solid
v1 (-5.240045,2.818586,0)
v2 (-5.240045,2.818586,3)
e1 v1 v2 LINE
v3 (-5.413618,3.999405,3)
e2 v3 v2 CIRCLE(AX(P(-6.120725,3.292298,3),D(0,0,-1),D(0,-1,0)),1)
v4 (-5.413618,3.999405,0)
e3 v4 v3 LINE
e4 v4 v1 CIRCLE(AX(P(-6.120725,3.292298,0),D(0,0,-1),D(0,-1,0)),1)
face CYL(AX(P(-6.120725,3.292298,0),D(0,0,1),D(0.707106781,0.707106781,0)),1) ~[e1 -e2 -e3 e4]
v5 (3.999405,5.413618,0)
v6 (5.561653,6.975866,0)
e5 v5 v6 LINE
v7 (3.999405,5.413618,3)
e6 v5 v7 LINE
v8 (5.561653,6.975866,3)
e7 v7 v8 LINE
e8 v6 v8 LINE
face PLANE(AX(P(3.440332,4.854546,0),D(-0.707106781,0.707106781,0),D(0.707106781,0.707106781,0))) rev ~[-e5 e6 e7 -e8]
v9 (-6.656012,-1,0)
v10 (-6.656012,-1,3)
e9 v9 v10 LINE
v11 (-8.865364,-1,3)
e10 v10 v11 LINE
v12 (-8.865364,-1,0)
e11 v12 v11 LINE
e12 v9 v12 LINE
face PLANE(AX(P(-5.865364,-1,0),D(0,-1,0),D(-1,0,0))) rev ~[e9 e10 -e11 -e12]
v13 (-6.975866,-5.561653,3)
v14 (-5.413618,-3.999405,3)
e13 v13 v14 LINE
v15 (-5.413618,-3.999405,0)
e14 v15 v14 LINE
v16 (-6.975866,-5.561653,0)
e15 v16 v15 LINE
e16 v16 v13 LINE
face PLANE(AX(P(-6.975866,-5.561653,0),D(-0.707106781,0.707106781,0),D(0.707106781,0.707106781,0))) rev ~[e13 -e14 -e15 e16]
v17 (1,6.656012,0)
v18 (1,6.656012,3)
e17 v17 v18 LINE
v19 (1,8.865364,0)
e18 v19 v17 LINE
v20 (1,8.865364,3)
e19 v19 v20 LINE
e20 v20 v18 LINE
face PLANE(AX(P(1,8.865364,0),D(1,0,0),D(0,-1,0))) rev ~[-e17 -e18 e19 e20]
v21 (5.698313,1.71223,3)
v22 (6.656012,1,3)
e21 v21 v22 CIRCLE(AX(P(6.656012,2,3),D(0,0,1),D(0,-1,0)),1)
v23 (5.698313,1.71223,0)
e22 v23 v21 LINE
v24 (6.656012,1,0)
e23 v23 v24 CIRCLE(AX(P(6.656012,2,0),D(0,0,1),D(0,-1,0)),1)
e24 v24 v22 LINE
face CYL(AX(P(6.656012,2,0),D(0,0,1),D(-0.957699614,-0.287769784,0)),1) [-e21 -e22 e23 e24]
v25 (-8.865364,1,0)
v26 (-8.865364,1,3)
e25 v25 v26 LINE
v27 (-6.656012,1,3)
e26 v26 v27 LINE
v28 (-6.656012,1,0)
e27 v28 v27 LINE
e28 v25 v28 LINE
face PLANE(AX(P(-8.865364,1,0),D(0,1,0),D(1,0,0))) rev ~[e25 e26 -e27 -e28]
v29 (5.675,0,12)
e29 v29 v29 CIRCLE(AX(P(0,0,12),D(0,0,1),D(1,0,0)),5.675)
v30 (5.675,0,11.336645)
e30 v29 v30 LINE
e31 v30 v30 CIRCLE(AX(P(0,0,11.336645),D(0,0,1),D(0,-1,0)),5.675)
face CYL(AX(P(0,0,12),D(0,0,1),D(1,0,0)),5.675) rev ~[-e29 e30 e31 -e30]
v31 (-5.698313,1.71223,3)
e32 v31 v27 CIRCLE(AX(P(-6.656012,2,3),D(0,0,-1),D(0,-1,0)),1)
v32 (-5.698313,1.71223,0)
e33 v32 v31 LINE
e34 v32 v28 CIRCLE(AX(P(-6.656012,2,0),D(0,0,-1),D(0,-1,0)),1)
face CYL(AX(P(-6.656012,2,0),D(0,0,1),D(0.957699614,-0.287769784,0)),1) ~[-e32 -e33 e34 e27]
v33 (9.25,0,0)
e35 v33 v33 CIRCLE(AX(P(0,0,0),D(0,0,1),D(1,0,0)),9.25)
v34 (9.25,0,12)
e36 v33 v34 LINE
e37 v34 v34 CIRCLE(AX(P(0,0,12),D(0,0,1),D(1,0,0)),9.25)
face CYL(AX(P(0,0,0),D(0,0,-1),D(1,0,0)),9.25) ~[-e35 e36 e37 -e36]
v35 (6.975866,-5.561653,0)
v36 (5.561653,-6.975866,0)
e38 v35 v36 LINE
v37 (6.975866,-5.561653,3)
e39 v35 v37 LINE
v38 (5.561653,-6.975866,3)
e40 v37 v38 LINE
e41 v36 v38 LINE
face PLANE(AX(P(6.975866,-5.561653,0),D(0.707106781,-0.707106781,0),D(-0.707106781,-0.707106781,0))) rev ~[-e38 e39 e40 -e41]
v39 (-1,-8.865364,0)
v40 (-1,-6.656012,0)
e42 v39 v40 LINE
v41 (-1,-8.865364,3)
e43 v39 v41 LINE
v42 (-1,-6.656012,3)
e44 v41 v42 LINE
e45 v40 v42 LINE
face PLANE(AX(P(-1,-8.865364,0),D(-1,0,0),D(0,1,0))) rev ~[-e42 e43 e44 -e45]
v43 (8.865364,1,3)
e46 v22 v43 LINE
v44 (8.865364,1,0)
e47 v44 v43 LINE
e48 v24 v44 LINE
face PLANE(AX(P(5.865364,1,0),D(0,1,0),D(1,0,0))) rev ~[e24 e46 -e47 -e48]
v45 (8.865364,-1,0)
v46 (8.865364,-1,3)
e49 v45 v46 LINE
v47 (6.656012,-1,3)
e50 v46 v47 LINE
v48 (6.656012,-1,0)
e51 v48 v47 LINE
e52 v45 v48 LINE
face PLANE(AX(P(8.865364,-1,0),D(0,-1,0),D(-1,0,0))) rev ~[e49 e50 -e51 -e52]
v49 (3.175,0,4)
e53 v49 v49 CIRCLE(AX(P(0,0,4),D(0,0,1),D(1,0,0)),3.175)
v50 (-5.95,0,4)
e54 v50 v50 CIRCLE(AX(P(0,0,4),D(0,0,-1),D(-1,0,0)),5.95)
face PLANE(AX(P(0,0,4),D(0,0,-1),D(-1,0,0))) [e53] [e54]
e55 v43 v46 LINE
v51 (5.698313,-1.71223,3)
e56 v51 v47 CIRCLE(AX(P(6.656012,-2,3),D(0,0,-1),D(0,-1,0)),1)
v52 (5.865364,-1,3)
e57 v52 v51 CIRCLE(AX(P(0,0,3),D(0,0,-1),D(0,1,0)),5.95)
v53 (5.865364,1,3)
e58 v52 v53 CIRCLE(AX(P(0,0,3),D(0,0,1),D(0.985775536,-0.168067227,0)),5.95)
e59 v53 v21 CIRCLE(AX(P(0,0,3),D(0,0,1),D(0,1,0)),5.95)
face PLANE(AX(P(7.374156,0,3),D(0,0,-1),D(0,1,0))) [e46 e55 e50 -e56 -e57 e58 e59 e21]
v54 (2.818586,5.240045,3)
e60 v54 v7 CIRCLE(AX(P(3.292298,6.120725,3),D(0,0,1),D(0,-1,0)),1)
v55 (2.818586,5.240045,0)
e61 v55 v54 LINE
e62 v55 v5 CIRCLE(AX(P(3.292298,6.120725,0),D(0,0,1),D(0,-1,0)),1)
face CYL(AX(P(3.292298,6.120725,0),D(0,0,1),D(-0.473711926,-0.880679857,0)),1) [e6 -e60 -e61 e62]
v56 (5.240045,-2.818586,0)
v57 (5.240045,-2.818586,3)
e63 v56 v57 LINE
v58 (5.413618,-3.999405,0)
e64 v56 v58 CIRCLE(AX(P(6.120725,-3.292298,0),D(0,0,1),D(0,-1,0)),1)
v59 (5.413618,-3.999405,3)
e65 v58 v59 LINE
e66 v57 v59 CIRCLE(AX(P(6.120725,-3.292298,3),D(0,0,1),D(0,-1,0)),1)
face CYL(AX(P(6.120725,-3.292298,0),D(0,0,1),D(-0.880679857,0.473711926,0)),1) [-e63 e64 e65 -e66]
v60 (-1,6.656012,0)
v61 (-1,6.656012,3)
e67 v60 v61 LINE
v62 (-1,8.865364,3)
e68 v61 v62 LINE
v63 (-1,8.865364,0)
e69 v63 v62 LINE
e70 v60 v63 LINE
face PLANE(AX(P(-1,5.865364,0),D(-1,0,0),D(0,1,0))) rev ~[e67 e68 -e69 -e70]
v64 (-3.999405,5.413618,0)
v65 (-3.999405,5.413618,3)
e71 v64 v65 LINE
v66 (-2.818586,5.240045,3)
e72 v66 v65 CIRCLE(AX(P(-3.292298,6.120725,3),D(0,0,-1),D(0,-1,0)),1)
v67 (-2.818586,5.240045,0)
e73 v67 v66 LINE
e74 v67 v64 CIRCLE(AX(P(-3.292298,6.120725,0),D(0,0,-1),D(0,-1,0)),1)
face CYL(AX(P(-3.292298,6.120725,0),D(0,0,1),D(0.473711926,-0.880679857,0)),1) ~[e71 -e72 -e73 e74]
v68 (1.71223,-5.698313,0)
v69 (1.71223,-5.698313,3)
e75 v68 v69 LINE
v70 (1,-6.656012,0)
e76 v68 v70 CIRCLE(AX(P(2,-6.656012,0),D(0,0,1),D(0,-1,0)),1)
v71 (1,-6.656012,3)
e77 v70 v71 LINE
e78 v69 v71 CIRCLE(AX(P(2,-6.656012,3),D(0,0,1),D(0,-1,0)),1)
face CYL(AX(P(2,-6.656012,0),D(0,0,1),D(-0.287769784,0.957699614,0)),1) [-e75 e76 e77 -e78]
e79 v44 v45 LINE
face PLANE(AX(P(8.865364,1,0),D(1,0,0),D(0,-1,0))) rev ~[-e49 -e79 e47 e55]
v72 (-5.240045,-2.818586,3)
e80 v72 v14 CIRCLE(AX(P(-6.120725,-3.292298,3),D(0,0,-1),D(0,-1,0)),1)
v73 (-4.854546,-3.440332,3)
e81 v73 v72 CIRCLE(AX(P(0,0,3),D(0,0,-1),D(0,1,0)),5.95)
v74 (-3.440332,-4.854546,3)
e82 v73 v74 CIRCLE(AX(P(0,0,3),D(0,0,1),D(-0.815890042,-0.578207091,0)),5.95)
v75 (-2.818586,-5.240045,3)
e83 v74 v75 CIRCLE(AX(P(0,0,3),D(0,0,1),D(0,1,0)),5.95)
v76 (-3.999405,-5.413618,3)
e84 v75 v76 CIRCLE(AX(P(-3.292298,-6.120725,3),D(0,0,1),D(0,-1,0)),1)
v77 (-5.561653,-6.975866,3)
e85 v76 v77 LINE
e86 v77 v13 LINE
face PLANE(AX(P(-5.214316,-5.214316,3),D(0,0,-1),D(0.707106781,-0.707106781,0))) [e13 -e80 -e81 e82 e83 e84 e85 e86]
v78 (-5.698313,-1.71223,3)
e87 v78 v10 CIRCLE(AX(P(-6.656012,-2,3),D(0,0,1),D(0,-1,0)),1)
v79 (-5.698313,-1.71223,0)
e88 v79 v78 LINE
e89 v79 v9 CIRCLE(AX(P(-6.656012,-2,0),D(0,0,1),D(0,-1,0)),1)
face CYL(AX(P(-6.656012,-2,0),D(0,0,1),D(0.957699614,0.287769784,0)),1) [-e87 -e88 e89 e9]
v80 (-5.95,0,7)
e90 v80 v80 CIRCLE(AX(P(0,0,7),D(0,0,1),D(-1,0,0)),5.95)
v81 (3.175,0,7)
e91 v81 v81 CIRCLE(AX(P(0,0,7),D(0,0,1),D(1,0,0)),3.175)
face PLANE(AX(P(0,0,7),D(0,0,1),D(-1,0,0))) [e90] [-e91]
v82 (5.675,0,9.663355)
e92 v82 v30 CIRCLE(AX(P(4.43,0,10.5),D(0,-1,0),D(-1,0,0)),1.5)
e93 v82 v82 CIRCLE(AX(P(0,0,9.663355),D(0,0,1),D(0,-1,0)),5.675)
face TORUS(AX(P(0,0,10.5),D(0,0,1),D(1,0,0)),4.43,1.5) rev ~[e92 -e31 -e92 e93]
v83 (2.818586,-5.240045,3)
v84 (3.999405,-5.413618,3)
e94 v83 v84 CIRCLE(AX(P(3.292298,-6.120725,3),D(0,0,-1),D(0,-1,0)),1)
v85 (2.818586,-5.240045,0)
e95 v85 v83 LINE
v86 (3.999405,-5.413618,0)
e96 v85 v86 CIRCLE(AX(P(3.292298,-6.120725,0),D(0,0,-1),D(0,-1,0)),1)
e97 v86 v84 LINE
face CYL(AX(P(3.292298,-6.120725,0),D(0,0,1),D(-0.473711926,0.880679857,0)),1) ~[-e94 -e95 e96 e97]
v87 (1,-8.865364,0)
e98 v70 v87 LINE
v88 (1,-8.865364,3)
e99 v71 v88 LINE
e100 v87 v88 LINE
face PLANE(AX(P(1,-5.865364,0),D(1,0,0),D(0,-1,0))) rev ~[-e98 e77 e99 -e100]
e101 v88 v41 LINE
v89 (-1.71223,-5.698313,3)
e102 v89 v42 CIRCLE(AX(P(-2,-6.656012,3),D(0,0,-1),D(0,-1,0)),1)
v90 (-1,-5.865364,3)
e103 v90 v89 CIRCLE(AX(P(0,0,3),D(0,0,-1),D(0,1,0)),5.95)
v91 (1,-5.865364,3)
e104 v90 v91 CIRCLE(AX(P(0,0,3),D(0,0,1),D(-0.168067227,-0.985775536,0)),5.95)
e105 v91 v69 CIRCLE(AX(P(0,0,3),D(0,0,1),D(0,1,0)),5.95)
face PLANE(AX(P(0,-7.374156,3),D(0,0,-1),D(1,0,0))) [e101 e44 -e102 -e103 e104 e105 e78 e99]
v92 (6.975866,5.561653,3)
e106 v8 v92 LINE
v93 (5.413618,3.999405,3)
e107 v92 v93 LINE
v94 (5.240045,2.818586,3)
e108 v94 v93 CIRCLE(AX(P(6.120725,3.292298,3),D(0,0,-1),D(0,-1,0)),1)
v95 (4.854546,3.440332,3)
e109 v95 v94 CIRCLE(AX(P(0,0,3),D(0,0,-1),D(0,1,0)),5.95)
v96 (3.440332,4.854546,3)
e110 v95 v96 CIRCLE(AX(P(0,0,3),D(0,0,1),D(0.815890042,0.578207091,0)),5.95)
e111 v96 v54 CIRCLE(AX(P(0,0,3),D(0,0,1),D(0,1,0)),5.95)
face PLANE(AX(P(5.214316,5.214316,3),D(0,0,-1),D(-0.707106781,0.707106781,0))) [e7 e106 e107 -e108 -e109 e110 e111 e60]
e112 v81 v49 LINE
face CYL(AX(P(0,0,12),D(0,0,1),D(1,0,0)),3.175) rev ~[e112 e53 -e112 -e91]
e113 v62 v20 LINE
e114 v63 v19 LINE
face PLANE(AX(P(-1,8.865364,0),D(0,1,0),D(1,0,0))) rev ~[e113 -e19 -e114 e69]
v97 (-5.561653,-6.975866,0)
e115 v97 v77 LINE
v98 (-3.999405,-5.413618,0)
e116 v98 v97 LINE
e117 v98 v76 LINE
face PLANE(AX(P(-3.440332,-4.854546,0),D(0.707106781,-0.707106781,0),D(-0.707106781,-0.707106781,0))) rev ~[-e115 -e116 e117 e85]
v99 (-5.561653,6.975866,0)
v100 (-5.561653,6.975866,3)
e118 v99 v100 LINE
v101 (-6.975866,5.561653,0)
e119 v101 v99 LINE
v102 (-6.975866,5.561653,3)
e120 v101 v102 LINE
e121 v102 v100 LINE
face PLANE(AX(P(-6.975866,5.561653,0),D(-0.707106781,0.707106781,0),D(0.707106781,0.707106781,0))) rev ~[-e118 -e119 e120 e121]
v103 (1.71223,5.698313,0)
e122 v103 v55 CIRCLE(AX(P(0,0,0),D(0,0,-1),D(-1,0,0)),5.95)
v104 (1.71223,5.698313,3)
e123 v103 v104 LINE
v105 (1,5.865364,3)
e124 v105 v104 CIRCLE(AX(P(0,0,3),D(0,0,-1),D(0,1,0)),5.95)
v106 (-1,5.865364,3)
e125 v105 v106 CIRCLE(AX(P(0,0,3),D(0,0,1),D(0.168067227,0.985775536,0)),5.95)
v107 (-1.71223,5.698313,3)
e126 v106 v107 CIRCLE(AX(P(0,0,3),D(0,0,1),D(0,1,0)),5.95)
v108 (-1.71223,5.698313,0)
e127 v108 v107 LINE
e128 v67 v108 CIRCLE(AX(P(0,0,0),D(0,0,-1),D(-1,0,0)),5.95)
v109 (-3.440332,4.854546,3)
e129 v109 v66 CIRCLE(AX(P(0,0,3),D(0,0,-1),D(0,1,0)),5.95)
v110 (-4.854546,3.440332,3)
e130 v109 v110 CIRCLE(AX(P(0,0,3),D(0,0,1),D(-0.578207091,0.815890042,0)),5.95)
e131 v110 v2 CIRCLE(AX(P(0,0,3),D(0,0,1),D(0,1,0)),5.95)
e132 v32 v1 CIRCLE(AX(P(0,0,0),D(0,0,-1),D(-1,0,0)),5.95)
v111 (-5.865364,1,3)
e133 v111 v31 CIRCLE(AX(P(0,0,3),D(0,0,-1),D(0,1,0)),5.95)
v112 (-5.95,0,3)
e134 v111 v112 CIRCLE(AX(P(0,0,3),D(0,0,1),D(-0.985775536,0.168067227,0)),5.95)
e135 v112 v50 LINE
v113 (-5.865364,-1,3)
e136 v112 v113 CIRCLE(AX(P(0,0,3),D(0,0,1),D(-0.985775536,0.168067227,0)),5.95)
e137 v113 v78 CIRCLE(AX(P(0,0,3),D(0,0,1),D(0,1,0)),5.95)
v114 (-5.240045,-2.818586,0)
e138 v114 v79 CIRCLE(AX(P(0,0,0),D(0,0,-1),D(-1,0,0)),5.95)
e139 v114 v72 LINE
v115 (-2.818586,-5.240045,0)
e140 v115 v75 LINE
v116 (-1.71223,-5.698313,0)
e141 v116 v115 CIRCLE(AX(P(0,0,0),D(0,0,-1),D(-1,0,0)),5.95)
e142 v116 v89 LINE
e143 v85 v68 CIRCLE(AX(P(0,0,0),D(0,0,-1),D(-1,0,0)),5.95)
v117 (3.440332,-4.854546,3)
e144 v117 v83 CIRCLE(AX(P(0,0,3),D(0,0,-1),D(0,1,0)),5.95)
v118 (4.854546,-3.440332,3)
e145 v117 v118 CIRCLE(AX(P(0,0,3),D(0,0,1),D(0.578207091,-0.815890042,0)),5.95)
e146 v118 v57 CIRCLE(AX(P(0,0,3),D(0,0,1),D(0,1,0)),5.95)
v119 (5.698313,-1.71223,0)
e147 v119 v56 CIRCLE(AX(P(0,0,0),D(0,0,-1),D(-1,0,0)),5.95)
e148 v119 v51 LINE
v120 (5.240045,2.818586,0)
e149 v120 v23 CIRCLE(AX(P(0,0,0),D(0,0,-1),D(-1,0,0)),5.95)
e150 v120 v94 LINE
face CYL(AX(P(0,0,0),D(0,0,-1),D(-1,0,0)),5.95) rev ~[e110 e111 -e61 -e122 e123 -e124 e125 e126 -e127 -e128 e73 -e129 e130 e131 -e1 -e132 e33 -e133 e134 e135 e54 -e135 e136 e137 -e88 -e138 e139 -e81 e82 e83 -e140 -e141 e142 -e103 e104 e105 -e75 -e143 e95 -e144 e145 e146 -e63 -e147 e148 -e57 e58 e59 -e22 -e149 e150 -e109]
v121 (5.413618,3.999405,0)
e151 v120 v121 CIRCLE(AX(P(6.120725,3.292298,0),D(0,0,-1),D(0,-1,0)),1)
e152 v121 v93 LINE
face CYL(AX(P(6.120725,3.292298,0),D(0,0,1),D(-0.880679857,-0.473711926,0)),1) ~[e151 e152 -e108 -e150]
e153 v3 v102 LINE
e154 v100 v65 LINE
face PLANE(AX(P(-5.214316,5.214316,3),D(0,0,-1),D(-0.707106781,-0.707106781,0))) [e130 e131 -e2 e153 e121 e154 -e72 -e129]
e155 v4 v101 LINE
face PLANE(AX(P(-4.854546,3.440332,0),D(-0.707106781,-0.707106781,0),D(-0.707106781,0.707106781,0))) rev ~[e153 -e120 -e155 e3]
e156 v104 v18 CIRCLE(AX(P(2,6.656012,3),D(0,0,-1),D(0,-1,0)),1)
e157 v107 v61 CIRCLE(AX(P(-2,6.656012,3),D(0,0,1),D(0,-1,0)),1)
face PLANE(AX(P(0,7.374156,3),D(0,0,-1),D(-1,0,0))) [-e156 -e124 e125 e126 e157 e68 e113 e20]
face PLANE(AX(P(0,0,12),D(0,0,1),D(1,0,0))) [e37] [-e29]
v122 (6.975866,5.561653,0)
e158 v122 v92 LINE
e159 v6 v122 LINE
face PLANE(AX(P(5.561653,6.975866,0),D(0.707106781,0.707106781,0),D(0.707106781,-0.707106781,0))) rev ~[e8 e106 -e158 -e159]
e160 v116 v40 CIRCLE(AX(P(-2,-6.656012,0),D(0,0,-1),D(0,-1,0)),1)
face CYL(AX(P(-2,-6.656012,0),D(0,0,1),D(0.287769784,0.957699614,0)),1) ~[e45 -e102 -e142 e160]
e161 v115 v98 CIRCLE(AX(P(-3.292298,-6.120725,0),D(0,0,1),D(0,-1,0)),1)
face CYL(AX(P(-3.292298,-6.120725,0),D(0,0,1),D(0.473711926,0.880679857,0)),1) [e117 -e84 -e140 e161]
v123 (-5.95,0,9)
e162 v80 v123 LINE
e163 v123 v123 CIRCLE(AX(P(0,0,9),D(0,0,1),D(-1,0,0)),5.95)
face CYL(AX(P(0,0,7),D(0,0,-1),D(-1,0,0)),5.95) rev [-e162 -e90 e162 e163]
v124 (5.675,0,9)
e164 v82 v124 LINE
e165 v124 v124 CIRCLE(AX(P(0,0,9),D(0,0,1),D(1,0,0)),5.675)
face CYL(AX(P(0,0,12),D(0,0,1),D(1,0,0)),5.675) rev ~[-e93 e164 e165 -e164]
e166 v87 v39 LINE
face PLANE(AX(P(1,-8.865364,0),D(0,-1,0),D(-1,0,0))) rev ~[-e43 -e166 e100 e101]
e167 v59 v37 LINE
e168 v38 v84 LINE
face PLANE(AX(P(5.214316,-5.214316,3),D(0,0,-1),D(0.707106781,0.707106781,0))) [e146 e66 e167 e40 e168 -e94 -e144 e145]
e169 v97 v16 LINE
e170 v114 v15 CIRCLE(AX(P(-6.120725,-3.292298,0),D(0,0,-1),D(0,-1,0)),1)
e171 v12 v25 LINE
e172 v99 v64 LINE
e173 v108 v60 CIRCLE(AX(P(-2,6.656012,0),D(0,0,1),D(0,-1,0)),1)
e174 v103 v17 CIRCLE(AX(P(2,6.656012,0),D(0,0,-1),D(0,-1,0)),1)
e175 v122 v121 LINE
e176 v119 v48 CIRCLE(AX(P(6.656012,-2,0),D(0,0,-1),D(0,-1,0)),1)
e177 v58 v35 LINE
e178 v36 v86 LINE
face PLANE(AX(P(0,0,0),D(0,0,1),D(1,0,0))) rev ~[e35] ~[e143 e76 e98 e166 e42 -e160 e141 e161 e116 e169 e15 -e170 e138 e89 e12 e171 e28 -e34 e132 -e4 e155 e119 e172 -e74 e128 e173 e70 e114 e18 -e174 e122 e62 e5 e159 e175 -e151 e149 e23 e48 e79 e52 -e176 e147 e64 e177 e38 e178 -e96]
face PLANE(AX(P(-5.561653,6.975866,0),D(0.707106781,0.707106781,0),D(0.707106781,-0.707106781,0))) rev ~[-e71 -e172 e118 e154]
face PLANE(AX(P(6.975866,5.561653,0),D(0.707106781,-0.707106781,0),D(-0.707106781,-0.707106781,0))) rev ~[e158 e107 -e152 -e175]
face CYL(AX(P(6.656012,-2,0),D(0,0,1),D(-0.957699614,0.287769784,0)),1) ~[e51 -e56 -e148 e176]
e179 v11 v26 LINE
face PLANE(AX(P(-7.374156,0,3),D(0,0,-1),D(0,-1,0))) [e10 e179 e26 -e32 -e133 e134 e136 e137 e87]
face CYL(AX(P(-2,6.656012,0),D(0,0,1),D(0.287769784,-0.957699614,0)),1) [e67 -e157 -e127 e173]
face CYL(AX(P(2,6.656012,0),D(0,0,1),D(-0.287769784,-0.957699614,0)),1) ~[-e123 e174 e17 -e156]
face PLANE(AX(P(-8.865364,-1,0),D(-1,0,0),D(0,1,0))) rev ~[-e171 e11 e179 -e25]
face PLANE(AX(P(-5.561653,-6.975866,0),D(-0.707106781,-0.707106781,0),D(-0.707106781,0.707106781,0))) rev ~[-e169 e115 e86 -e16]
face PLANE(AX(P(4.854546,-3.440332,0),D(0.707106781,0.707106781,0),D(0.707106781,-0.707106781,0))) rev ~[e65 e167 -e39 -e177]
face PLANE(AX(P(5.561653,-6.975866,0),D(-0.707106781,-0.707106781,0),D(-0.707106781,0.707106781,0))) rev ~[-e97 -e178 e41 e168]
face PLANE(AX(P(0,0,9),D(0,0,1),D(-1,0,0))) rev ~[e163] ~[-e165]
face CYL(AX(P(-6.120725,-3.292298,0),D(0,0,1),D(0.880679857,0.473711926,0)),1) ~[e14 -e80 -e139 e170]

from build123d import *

# Parameters (mm, degrees)
SKETCH1_R           = 9.25
BOSS_EXTRUDE1_DEPTH = 12
SKETCH2_R           = 5.95
CUT_EXTRUDE1_DEPTH  = 4
CUT_EXTRUDE2_DEPTH  = 3
CIRPATTERN1_COUNT   = 8
SKETCH5_R           = 3.175
CUT_EXTRUDE3_DEPTH  = 8
CUT_EXTRUDE4_START  = -5
SKETCH6_R           = 5.95
CUT_EXTRUDE4_DEPTH  = 2
CUT_EXTRUDE5_REACH  = 19.752
SKETCH7_R           = 5.675
SKETCH8_R           = 1.5
FILLET1_R           = 1


with BuildPart() as part:
    # Sketch1 → Boss-Extrude1 (new body)
    with BuildSketch(Plane.XY):
        Circle(SKETCH1_R)
    extrude(amount=BOSS_EXTRUDE1_DEPTH)

    # Sketch2 → Cut-Extrude1 (cut)
    with BuildSketch(Plane(origin=(0, 0, 0), x_dir=(-1, 0, 0), z_dir=(0, 0, -1))):
        Circle(SKETCH2_R)
    extrude(amount=-CUT_EXTRUDE1_DEPTH, mode=Mode.SUBTRACT)

    # Sketch4 → Cut-Extrude2 (cut)
    with BuildSketch(Plane(origin=(0, 0, 0), x_dir=(-1, 0, 0), z_dir=(0, 0, -1))):
        with BuildLine():
            Line((1, 5.865364439), (1, 8.865364439))
            Line((1, 8.865364439), (-1, 8.865364439))
            Line((-1, 8.865364439), (-1, 5.865364439))
            ThreePointArc((-1, 5.865364439), (0, 5.95), (1, 5.865364439))
        make_face()
    cut_extrude2 = extrude(amount=-CUT_EXTRUDE2_DEPTH, mode=Mode.SUBTRACT)

    # CirPattern1: Cut-Extrude2 ×8 about axis
    cirpattern1_axis = Axis((0, 0, 0), (0, 0, 1))
    for i in range(1, CIRPATTERN1_COUNT):
        add(cut_extrude2.rotate(cirpattern1_axis, i * 360 / CIRPATTERN1_COUNT), mode=Mode.SUBTRACT)

    # Sketch5 → Cut-Extrude3 (cut)
    with BuildSketch(Plane.XY.offset(12)):
        Circle(SKETCH5_R)
    extrude(amount=-CUT_EXTRUDE3_DEPTH, mode=Mode.SUBTRACT)

    # Sketch6 → Cut-Extrude4 (cut)
    with BuildSketch(Plane.XY.offset(12).offset(CUT_EXTRUDE4_START)):
        with Locations(Location((0, 0, 0), (0, 0, 180))):
            Circle(SKETCH6_R)
    extrude(amount=CUT_EXTRUDE4_DEPTH, mode=Mode.SUBTRACT)

    # Sketch7 → Cut-Extrude5 (cut, up to next)
    with BuildSketch(Plane.XY.offset(12), mode=Mode.PRIVATE) as cut_extrude5_sk1:
        Circle(SKETCH7_R)
    cut_extrude5_tool1 = extrude(cut_extrude5_sk1.sketch, amount=-CUT_EXTRUDE5_REACH, mode=Mode.PRIVATE) & part.part
    add(cut_extrude5_tool1.solids().sort_by_distance((0, 0, 12))[0], mode=Mode.SUBTRACT)

    # Sketch8 → Cut-Revolve1 (revolve, cut)
    with BuildSketch(Plane(origin=(0, 0, 0), x_dir=(1, 0, 0), z_dir=(0, 1, 0)), mode=Mode.PRIVATE) as cut_revolve1_sk:
        with Locations((-4.43, -10.5)):
            Circle(SKETCH8_R)
    revolve(cut_revolve1_sk.sketch.rotate(Axis((0, 0, 0), (0, 0, 1)), 180), axis=Axis((0, 0, 0), (0, 0, 1)), mode=Mode.SUBTRACT)

    # Fillet1
    fillet1_edges = [part.edges().sort_by_distance(p)[0] for p in [
        (-1, 5.865364439, 1.5),
        (1, 5.865364439, 1.5),
        (-5.865364439, -1, 1.5),
        (-5.865364439, 1, 1.5),
        (-3.440332188, -4.85454575, 1.5),
        (-4.85454575, -3.440332188, 1.5),
        (1, -5.865364439, 1.5),
        (-1, -5.865364439, 1.5),
        (4.85454575, -3.440332188, 1.5),
        (3.440332188, -4.85454575, 1.5),
        (5.865364439, 1, 1.5),
        (5.865364439, -1, 1.5),
        (3.440332188, 4.85454575, 1.5),
        (4.85454575, 3.440332188, 1.5),
        (-4.85454575, 3.440332188, 1.5),
        (-3.440332188, 4.85454575, 1.5),
    ]]
    fillet(fillet1_edges, radius=FILLET1_R)


solid = part.part
